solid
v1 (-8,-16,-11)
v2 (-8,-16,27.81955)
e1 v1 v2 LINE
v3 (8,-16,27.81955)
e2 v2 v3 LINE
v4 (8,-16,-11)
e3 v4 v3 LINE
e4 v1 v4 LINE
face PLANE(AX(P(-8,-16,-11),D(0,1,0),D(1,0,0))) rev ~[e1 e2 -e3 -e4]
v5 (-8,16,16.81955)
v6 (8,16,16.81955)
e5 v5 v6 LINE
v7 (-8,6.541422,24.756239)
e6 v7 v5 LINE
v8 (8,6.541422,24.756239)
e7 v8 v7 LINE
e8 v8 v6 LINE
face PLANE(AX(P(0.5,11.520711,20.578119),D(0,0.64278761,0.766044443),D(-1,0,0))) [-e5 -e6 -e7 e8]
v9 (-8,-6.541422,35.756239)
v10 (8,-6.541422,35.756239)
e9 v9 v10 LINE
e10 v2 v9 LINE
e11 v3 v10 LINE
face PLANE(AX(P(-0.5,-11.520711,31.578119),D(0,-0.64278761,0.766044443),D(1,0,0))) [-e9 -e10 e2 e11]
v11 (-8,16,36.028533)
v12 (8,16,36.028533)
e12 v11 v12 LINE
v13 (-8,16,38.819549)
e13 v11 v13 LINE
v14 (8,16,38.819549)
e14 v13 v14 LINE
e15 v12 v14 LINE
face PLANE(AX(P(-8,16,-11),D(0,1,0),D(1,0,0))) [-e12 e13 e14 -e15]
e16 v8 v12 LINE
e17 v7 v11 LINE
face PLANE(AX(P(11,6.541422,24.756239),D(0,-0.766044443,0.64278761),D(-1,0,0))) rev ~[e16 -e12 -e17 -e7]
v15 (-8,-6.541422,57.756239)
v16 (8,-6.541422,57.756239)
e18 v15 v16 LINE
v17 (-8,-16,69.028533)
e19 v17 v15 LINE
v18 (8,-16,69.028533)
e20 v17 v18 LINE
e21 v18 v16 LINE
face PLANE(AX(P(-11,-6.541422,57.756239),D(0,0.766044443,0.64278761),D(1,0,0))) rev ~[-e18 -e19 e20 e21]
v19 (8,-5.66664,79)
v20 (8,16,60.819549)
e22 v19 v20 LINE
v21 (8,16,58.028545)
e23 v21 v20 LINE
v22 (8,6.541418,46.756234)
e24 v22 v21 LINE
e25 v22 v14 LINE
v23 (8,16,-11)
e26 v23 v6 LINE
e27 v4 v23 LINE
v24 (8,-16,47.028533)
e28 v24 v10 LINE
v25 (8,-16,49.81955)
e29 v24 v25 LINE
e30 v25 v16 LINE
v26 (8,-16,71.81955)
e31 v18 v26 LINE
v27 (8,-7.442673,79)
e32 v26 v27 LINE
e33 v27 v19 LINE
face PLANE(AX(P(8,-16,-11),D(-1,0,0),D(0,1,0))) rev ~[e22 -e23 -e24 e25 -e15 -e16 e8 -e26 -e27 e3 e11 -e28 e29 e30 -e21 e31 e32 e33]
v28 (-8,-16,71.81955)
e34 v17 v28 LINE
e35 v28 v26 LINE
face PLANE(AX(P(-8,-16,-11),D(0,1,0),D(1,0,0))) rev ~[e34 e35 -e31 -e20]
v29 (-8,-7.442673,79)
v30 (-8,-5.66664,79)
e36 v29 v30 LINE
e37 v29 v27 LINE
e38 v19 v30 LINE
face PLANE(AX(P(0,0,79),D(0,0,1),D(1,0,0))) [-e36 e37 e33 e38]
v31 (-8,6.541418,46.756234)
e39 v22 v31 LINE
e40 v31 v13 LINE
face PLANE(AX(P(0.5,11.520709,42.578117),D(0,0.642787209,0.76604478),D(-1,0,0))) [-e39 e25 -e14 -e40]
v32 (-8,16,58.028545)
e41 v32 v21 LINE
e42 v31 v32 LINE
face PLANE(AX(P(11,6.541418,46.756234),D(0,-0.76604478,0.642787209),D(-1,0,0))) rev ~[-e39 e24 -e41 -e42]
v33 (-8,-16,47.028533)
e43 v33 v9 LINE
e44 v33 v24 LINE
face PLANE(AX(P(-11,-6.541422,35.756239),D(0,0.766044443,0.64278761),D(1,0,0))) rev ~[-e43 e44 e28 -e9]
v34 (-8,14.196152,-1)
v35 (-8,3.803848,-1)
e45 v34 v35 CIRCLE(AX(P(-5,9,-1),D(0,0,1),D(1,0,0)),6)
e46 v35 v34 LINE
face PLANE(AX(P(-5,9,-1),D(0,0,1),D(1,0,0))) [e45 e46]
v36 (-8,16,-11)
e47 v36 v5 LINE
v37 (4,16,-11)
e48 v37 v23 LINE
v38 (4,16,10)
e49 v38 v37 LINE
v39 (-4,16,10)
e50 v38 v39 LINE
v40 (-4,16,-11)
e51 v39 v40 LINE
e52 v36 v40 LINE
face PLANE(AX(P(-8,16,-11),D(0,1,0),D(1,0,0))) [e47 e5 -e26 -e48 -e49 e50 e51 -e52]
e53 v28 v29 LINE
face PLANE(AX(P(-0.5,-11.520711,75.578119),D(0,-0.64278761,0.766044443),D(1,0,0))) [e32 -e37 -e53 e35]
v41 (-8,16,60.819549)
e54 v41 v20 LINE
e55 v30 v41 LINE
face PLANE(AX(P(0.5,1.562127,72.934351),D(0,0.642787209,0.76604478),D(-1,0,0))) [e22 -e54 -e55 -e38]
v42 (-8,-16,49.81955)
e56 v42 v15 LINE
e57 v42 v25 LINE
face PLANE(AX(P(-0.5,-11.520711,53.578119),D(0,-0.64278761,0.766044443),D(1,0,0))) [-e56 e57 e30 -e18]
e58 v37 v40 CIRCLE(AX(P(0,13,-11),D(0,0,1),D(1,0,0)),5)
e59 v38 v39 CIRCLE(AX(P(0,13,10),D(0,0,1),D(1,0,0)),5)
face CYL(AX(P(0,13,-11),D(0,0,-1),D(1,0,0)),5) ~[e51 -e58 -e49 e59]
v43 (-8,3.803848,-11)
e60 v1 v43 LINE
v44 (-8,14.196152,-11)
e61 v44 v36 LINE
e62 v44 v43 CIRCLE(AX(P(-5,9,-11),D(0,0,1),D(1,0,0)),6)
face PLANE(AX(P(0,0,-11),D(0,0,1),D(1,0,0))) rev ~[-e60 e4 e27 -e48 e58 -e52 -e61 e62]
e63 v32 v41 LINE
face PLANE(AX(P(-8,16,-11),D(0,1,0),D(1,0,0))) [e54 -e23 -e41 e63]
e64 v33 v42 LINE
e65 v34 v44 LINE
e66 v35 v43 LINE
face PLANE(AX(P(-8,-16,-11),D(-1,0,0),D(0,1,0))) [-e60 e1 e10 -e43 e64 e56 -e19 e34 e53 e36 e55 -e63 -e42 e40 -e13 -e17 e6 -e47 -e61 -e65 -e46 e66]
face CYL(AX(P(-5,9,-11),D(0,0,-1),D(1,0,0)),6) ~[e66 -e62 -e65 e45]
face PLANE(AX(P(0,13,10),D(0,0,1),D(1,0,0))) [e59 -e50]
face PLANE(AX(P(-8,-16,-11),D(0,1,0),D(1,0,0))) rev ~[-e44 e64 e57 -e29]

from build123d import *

# Parameters (mm, degrees)
CYLINDER128_R                   = 6
CYLINDER128_DEPTH               = 10
BOX001027045018_W               = 21
BOX001027045018_H               = 13
BOX001027045018_DEPTH           = 30
BOX001027045018_ROLL_ANGLE      = 40
BOX001027045019_W               = 21
BOX001027045019_H               = 13
BOX001027045019_DEPTH           = 30
BOX001027045019_ROLL_ANGLE      = 39.99997
BOX001027045019_PLACEMENT_ANGLE = 180
BOX001027045021_W               = 21
BOX001027045021_H               = 13
BOX001027045021_DEPTH           = 30
BOX001027045021_ROLL_ANGLE      = 40
BOX001027045021_PLACEMENT_ANGLE = 180
BOX001027045022_W               = 21
BOX001027045022_H               = 13
BOX001027045022_DEPTH           = 30
BOX001027045022_ROLL_ANGLE      = 40
BOX001027045024_W               = 21
BOX001027045024_H               = 13
BOX001027045024_DEPTH           = 30
BOX001027045024_ROLL_ANGLE      = 40
BOX001027045020_W               = 21
BOX001027045020_H               = 39
BOX001027045020_DEPTH           = 30
BOX001027045020_ROLL_ANGLE      = 39.99997
BOX001027045020_PLACEMENT_ANGLE = 180
BOX001027045017_W               = 16
BOX001027045017_H               = 32
BOX001027045017_DEPTH           = 90
CYLINDER129_R                   = 5
CYLINDER129_DEPTH               = 21


with BuildPart() as cylinder186:
    # Cylinder128 → Cylinder128 (new body)
    with BuildSketch(Plane(origin=(-5, 9, -11), x_dir=(1, 0, 0), z_dir=(0, 0, 1))):
        Circle(CYLINDER128_R)
    extrude(amount=CYLINDER128_DEPTH)


with BuildPart() as cube071:
    # Box001027045018 → Box001027045018 (new body)
    with BuildSketch(Plane.XY):
        with Locations((10.5, 6.5)):
            Rectangle(BOX001027045018_W, BOX001027045018_H)
    extrude(amount=BOX001027045018_DEPTH)


with BuildPart() as cube071_1:
    # Box001027045018 roll: moved
    add(cube071.part.rotate(Axis((0, 0, 0), (1, 0, 0)), BOX001027045018_ROLL_ANGLE))


with BuildPart() as cube071_2:
    # Box001027045018 placement: moved
    add(cube071_1.part.moved(Location((-11, -16.5, 27.4))))


with BuildPart() as cube072:
    # Box001027045019 → Box001027045019 (new body)
    with BuildSketch(Plane.XY):
        with Locations((10.5, 6.5)):
            Rectangle(BOX001027045019_W, BOX001027045019_H)
    extrude(amount=BOX001027045019_DEPTH)


with BuildPart() as cube072_1:
    # Box001027045019 roll: moved
    add(cube072.part.rotate(Axis((0, 0, 0), (1, 0, 0)), BOX001027045019_ROLL_ANGLE))


with BuildPart() as cube072_2:
    # Box001027045019 placement: moved
    add(cube072_1.part.moved(Location((11, 16.5, 38.4))).rotate(Axis((11, 16.5, 38.4), (0, 0, 1)), BOX001027045019_PLACEMENT_ANGLE))


with BuildPart() as cube074:
    # Box001027045021 → Box001027045021 (new body)
    with BuildSketch(Plane.XY):
        with Locations((10.5, 6.5)):
            Rectangle(BOX001027045021_W, BOX001027045021_H)
    extrude(amount=BOX001027045021_DEPTH)


with BuildPart() as cube074_1:
    # Box001027045021 roll: moved
    add(cube074.part.rotate(Axis((0, 0, 0), (1, 0, 0)), BOX001027045021_ROLL_ANGLE))


with BuildPart() as cube074_2:
    # Box001027045021 placement: moved
    add(cube074_1.part.moved(Location((11, 16.5, 16.4))).rotate(Axis((11, 16.5, 16.4), (0, 0, 1)), BOX001027045021_PLACEMENT_ANGLE))


with BuildPart() as cube075:
    # Box001027045022 → Box001027045022 (new body)
    with BuildSketch(Plane.XY):
        with Locations((10.5, 6.5)):
            Rectangle(BOX001027045022_W, BOX001027045022_H)
    extrude(amount=BOX001027045022_DEPTH)


with BuildPart() as cube075_1:
    # Box001027045022 roll: moved
    add(cube075.part.rotate(Axis((0, 0, 0), (1, 0, 0)), BOX001027045022_ROLL_ANGLE))


with BuildPart() as cube075_2:
    # Box001027045022 placement: moved
    add(cube075_1.part.moved(Location((-11, -16.5, 49.4))))


with BuildPart() as cube077:
    # Box001027045024 → Box001027045024 (new body)
    with BuildSketch(Plane.XY):
        with Locations((10.5, 6.5)):
            Rectangle(BOX001027045024_W, BOX001027045024_H)
    extrude(amount=BOX001027045024_DEPTH)


with BuildPart() as cube077_1:
    # Box001027045024 roll: moved
    add(cube077.part.rotate(Axis((0, 0, 0), (1, 0, 0)), BOX001027045024_ROLL_ANGLE))


with BuildPart() as cube077_2:
    # Box001027045024 placement: moved
    add(cube077_1.part.moved(Location((-11, -16.5, 71.4))))


with BuildPart() as fusion112034:
    # Box001027045020 → Box001027045020 (new body)
    with BuildSketch(Plane.XY):
        with Locations((10.5, 19.5)):
            Rectangle(BOX001027045020_W, BOX001027045020_H)
    extrude(amount=BOX001027045020_DEPTH)


with BuildPart() as fusion112034_1:
    # Box001027045020 roll: moved
    add(fusion112034.part.rotate(Axis((0, 0, 0), (1, 0, 0)), BOX001027045020_ROLL_ANGLE))


with BuildPart() as fusion112034_2:
    # Box001027045020 placement: moved
    add(fusion112034_1.part.moved(Location((11, 16.5, 60.4))).rotate(Axis((11, 16.5, 60.4), (0, 0, 1)), BOX001027045020_PLACEMENT_ANGLE))

    # Fusion112034: union Cube071, Cube072, Cube074, Cube075, Cube077
    add(cube071_2.part)
    add(cube072_2.part)
    add(cube074_2.part)
    add(cube075_2.part)
    add(cube077_2.part)


with BuildPart() as fusion112035:
    # Box001027045017 → Box001027045017 (new body)
    with BuildSketch(Plane(origin=(-8, -16, -11), x_dir=(1, 0, 0), z_dir=(0, 0, 1))):
        with Locations((8, 16)):
            Rectangle(BOX001027045017_W, BOX001027045017_H)
    extrude(amount=BOX001027045017_DEPTH)

    # Cut070: cut Fusion112034
    add(fusion112034_2.part, mode=Mode.SUBTRACT)

    # Fusion112035: union Cylinder186
    add(cylinder186.part)


with BuildPart() as body_blank:
    # Cylinder129 → Cylinder129 (new body)
    with BuildSketch(Plane(origin=(0, 13, -11), x_dir=(1, 0, 0), z_dir=(0, 0, 1))):
        Circle(CYLINDER129_R)
    extrude(amount=CYLINDER129_DEPTH)

    # Fusion112036: union Fusion112035
    add(fusion112035.part)


solid = body_blank.part
